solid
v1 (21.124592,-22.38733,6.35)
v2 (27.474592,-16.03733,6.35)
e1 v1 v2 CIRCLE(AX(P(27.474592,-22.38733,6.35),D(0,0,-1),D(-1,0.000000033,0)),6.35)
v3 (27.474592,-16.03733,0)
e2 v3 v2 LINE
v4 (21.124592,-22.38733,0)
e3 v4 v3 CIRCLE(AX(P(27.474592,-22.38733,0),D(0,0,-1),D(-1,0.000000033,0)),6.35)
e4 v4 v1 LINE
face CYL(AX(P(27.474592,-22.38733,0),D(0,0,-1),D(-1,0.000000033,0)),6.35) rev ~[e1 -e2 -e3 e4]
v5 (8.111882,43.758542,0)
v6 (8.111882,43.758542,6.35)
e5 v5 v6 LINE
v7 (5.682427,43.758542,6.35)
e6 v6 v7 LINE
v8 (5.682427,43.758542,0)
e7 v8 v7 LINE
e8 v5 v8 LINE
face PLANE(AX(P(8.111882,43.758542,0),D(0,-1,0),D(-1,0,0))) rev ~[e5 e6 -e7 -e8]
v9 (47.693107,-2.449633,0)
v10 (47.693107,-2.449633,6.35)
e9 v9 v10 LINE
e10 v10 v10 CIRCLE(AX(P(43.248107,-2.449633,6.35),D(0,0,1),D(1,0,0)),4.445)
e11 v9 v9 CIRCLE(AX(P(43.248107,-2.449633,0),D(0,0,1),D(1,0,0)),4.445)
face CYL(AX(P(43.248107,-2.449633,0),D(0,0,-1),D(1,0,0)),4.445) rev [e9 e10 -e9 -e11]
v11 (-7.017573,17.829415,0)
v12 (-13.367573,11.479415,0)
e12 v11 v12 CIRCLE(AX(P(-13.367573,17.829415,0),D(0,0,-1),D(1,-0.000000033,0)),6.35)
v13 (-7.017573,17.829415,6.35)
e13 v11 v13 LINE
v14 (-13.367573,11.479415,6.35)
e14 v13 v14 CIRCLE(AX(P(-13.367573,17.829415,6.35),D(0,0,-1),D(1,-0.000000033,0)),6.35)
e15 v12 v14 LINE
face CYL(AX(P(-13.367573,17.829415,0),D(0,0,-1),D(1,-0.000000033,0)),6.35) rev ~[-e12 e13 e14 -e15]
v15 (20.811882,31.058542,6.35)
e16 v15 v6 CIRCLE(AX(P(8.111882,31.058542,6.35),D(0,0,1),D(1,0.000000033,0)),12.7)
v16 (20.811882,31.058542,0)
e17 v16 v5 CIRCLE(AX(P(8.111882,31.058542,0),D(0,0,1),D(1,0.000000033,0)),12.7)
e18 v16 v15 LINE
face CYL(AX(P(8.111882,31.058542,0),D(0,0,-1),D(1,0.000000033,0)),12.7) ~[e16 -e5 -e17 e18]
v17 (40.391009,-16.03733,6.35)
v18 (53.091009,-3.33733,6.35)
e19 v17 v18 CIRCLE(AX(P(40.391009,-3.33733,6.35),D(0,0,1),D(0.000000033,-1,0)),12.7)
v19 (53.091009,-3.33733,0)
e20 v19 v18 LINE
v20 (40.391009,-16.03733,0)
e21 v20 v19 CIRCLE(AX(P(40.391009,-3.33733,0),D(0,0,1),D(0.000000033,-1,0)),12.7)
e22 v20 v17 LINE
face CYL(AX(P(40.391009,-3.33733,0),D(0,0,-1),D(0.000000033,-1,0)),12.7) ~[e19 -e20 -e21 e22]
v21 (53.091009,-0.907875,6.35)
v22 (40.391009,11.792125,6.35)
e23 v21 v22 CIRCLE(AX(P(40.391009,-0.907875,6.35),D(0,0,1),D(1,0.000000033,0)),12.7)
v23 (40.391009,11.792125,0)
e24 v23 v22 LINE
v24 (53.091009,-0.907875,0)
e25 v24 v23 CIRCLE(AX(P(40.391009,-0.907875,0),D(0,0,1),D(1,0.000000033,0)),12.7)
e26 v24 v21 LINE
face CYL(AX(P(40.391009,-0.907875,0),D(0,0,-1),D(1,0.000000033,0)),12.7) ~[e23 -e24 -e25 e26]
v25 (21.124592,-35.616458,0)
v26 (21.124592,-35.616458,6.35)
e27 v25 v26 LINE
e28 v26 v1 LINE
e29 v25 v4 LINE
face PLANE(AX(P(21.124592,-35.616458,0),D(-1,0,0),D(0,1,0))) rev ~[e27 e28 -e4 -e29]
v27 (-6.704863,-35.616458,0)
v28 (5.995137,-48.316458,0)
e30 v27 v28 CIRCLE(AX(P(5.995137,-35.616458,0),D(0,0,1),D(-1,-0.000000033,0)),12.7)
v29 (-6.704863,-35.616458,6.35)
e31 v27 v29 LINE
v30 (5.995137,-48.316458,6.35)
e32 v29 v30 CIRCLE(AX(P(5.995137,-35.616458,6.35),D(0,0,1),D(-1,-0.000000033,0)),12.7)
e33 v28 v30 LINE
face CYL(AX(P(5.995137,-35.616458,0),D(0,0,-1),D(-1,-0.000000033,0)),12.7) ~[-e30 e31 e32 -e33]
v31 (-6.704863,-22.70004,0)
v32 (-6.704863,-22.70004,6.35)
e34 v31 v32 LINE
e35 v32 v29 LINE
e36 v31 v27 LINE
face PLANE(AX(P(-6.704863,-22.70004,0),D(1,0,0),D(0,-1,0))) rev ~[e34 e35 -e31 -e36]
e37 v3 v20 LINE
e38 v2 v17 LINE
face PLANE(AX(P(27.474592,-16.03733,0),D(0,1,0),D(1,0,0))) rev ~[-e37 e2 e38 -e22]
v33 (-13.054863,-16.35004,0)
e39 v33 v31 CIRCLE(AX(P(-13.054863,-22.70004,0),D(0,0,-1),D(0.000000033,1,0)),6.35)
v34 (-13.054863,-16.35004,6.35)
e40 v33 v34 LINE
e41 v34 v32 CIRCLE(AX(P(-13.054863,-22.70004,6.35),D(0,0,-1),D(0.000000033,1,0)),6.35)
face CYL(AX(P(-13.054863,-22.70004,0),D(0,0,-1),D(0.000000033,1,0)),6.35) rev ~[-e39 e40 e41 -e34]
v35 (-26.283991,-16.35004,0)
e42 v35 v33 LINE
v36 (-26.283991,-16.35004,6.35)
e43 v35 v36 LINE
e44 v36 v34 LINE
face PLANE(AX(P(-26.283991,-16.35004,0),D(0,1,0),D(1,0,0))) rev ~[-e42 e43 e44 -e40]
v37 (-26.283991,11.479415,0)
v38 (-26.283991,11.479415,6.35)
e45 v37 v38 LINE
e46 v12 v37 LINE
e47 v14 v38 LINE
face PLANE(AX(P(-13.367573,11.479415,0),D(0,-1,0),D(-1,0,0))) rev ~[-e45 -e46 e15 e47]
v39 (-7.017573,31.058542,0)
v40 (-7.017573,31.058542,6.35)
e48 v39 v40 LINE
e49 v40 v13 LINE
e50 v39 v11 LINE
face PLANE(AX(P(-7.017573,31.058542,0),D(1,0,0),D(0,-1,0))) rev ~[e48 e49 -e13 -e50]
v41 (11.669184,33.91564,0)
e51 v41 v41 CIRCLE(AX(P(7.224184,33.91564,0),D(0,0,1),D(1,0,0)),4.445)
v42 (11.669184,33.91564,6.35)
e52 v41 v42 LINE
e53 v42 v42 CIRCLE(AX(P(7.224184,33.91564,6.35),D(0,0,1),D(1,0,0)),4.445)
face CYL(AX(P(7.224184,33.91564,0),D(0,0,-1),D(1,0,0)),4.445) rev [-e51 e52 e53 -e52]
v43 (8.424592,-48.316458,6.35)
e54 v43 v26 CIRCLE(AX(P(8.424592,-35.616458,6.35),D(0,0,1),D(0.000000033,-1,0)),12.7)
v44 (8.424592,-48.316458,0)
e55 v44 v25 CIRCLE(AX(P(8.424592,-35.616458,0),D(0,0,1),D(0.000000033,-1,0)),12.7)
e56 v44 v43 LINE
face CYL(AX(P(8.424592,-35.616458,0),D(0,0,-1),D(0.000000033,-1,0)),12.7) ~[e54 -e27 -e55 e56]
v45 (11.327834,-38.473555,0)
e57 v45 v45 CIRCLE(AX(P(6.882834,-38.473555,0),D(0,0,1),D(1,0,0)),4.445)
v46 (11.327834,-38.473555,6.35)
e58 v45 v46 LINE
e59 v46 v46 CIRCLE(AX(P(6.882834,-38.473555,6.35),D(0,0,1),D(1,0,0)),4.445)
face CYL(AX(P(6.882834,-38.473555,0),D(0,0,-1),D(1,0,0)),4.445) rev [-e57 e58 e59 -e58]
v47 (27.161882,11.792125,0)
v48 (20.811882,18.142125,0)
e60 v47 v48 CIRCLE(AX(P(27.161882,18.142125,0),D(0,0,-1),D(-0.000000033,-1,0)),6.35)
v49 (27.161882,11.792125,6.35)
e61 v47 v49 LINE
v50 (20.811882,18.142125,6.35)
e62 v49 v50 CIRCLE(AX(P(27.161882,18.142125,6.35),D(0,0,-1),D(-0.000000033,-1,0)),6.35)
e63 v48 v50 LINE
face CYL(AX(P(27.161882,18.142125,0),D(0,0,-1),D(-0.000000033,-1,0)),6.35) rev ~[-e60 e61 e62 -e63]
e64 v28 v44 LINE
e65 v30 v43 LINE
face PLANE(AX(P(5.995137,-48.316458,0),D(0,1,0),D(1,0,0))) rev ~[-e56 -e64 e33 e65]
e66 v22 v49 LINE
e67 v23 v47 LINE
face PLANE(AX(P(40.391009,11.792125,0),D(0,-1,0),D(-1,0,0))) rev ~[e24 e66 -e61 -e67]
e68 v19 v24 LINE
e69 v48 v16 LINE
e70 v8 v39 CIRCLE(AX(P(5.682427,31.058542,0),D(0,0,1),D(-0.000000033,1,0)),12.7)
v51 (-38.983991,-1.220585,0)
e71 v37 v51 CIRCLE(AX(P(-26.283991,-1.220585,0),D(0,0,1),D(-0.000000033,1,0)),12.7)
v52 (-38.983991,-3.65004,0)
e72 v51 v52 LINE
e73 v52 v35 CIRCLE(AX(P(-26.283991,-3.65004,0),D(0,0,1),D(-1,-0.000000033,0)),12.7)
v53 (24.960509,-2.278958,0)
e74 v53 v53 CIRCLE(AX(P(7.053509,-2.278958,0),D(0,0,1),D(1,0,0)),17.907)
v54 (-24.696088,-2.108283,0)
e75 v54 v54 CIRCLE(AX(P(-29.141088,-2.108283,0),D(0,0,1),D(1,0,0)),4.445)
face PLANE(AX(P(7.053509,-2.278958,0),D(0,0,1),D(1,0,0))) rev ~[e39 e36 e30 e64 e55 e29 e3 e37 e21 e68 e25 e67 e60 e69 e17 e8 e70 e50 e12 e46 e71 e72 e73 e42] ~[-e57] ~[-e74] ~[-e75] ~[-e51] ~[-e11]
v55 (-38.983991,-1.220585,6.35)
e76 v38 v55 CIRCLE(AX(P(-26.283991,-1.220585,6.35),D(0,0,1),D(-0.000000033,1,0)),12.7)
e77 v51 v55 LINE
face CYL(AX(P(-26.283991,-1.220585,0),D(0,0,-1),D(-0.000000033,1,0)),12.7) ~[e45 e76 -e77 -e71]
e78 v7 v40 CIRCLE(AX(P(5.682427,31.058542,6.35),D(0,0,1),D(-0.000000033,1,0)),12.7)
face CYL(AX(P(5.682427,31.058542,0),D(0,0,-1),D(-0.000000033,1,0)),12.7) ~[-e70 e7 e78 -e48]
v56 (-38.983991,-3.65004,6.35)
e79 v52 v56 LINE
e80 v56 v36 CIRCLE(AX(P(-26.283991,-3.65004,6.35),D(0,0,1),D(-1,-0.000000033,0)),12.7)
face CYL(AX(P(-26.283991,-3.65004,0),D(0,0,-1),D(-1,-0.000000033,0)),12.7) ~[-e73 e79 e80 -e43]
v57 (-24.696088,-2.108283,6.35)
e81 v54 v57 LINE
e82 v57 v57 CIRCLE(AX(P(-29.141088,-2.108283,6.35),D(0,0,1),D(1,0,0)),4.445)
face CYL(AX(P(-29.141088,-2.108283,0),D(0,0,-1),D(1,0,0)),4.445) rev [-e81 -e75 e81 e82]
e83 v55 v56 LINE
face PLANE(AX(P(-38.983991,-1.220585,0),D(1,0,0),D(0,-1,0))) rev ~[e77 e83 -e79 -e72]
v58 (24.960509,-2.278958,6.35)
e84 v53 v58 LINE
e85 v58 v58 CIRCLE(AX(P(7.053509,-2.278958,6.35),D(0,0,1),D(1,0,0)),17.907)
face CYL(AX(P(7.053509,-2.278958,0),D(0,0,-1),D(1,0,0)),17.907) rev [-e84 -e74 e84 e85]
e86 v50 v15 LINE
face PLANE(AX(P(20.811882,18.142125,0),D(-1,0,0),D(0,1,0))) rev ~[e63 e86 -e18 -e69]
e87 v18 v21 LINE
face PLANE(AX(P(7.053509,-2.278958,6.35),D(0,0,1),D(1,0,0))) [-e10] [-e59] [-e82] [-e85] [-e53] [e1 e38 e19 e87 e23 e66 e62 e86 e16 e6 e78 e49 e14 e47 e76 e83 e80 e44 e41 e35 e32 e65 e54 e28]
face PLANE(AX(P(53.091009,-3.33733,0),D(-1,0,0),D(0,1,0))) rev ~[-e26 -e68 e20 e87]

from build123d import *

# Parameters (mm, degrees)
F0_R     = 4.445
F0_R_2   = 17.907
F1_DEPTH = 6.35


with BuildPart() as f1:
    # F0 (on Top) → F1 (new body)
    with BuildSketch(Plane.XY):
        with BuildLine():
            Line((40.391009, 11.792125), (27.161882, 11.792125))
            ThreePointArc((27.161882, 11.792125), (22.671754, 13.651997), (20.811882, 18.142125))
            Line((20.811882, 18.142125), (20.811882, 31.058542))
            ThreePointArc((20.811882, 31.058542), (17.092138, 40.038798), (8.111882, 43.758542))
            Line((8.111882, 43.758542), (5.682427, 43.758542))
            ThreePointArc((5.682427, 43.758542), (-3.297829, 40.038798), (-7.017573, 31.058542))
            Line((-7.017573, 31.058542), (-7.017573, 17.829415))
            ThreePointArc((-7.017573, 17.829415), (-8.877445, 13.339287), (-13.367573, 11.479415))
            Line((-13.367573, 11.479415), (-26.283991, 11.479415))
            ThreePointArc((-26.283991, 11.479415), (-35.264247, 7.759671), (-38.983991, -1.220585))
            Line((-38.983991, -1.220585), (-38.983991, -3.65004))
            ThreePointArc((-38.983991, -3.65004), (-35.264247, -12.630296), (-26.283991, -16.35004))
            Line((-26.283991, -16.35004), (-13.054863, -16.35004))
            ThreePointArc((-13.054863, -16.35004), (-8.564735, -18.209912), (-6.704863, -22.70004))
            Line((-6.704863, -22.70004), (-6.704863, -35.616458))
            ThreePointArc((-6.704863, -35.616458), (-2.985119, -44.596714), (5.995137, -48.316458))
            Line((5.995137, -48.316458), (8.424592, -48.316458))
            ThreePointArc((8.424592, -48.316458), (17.404848, -44.596714), (21.124592, -35.616458))
            Line((21.124592, -35.616458), (21.124592, -22.38733))
            ThreePointArc((21.124592, -22.38733), (22.984464, -17.897202), (27.474592, -16.03733))
            Line((27.474592, -16.03733), (40.391009, -16.03733))
            ThreePointArc((40.391009, -16.03733), (49.371265, -12.317586), (53.091009, -3.33733))
            Line((53.091009, -3.33733), (53.091009, -0.907875))
            ThreePointArc((53.091009, -0.907875), (49.371265, 8.072381), (40.391009, 11.792125))
        make_face()
        with Locations((6.882834, -38.473555)):
            Circle(F0_R, mode=Mode.SUBTRACT)
        with Locations((43.248107, -2.449633)):
            Circle(F0_R, mode=Mode.SUBTRACT)
        with Locations((-29.141088, -2.108283)):
            Circle(F0_R, mode=Mode.SUBTRACT)
        with Locations((7.053509, -2.278958)):
            Circle(F0_R_2, mode=Mode.SUBTRACT)
        with Locations((7.224184, 33.91564)):
            Circle(F0_R, mode=Mode.SUBTRACT)
    extrude(amount=F1_DEPTH)


solid = f1.part
